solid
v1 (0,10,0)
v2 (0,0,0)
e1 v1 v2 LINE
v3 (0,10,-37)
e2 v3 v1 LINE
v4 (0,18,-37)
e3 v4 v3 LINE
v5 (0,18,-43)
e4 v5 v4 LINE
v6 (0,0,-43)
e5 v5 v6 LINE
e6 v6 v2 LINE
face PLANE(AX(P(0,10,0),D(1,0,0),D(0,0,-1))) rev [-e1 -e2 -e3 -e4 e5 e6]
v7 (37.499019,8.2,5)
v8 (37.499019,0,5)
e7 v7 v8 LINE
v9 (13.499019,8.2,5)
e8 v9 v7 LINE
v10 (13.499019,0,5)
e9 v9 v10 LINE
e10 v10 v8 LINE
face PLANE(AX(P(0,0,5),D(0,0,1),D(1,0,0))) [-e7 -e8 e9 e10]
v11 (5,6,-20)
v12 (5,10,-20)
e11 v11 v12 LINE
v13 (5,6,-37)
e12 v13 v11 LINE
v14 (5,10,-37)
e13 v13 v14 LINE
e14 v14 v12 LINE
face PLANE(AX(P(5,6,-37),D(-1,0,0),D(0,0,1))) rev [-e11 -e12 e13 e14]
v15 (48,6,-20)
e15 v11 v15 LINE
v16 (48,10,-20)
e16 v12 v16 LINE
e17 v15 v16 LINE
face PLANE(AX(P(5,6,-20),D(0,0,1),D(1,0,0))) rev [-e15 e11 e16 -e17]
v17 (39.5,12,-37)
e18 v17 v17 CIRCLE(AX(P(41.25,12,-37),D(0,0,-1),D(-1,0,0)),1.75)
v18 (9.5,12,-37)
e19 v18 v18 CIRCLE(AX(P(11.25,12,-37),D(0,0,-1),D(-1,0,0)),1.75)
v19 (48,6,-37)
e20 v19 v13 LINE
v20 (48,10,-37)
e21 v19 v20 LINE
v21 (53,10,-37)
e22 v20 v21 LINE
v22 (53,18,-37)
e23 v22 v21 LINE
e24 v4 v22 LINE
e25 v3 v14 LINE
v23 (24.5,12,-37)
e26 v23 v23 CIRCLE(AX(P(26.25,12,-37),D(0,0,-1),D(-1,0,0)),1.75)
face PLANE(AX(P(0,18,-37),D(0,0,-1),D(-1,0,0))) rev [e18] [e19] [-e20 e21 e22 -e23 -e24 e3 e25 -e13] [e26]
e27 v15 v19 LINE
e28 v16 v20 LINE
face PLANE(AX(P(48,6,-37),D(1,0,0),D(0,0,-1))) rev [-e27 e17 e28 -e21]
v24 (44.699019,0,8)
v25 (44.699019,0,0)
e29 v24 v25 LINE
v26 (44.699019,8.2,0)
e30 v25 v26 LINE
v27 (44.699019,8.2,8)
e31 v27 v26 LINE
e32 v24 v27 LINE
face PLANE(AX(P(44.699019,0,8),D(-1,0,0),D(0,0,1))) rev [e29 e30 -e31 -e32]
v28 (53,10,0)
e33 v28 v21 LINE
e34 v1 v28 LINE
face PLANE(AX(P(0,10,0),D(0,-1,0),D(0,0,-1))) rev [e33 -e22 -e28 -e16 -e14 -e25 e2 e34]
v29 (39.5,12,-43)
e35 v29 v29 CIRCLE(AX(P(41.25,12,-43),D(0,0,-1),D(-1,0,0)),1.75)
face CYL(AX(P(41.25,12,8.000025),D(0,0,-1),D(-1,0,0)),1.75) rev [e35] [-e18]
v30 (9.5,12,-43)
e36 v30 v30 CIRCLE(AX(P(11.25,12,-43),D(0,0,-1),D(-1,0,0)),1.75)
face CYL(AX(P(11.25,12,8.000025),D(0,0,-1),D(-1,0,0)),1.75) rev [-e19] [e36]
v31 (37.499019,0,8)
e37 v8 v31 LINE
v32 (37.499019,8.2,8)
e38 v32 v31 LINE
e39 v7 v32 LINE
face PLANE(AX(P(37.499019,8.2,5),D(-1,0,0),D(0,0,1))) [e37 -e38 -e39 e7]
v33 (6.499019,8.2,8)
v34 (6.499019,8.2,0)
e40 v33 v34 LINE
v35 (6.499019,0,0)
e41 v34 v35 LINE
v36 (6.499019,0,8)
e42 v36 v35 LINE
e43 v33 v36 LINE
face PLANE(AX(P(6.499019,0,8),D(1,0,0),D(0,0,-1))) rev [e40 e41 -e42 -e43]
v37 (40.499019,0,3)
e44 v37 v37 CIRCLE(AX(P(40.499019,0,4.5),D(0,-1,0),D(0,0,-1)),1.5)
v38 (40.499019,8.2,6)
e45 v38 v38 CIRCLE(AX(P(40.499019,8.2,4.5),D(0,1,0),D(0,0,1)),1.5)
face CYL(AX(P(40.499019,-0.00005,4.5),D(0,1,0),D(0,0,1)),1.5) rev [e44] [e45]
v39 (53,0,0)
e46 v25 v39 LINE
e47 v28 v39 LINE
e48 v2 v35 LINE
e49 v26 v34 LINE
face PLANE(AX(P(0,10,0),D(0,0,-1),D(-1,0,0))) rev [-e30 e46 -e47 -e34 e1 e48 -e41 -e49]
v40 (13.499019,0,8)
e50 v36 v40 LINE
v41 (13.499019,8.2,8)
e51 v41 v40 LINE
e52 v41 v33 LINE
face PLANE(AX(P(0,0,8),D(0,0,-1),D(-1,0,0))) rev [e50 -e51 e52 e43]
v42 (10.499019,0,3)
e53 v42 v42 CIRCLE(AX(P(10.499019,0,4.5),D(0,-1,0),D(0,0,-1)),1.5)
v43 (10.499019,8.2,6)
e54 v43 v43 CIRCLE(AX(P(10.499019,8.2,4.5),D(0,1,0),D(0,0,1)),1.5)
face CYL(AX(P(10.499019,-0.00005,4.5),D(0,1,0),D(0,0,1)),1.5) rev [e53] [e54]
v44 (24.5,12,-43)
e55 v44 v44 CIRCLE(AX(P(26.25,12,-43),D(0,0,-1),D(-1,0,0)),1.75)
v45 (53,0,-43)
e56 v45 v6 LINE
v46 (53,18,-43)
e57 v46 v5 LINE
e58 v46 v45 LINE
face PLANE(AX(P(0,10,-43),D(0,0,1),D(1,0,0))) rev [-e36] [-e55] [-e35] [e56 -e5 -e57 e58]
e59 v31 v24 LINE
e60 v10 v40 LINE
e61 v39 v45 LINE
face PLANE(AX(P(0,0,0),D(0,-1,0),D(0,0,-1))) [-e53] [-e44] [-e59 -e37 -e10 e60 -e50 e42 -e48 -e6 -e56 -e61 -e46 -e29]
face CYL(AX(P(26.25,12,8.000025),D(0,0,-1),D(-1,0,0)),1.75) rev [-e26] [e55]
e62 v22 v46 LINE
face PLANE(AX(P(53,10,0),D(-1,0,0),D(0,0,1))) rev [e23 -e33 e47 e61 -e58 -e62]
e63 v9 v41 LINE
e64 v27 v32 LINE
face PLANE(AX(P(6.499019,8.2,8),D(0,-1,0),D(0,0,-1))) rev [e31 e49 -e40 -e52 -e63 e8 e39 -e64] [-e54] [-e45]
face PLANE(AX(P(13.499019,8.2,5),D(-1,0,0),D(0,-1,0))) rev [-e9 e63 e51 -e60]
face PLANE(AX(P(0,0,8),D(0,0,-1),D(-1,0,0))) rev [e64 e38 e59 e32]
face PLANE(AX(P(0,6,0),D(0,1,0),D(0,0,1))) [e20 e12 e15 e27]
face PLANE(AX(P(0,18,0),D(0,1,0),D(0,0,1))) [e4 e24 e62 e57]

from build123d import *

# Parameters (mm, degrees)
SKETCH2_W           = 53
SKETCH2_H           = 43
BOSS_EXTRUDE1_DEPTH = 10
SKETCH3_W           = 38.2
SKETCH3_H           = 8.2
BOSS_EXTRUDE2_DEPTH = 8
SKETCH4_W           = 24
SKETCH4_H           = 8.2
CUT_EXTRUDE1_DEPTH  = 3
SKETCH5_R           = 1.5
CUT_EXTRUDE2_DEPTH  = 69.740381145
SKETCH6_W           = 53
SKETCH6_H           = 6
BOSS_EXTRUDE4_DEPTH = 8
SKETCH7_R           = 1.75
CUT_EXTRUDE3_DEPTH  = 76.723180071
SKETCH8_W           = 43
SKETCH8_H           = 17
CUT_EXTRUDE4_DEPTH  = 4


with BuildPart() as part:
    # Sketch2 → Boss-Extrude1 (new body)
    with BuildSketch(Plane(origin=(0, 0, 0), x_dir=(1, 0, 0), z_dir=(0, 1, 0))):
        with Locations((26.5, 21.5)):
            Rectangle(SKETCH2_W, SKETCH2_H)
    extrude(amount=BOSS_EXTRUDE1_DEPTH)

    # Sketch3 → Boss-Extrude2 (add)
    with BuildSketch(Plane.XY):
        with Locations((25.59901915, 4.1)):
            Rectangle(SKETCH3_W, SKETCH3_H)
    extrude(amount=BOSS_EXTRUDE2_DEPTH)

    # Sketch4 → Cut-Extrude1 (cut)
    with BuildSketch(Plane.XY.offset(8)):
        with Locations((25.49901915, 4.1)):
            Rectangle(SKETCH4_W, SKETCH4_H)
    extrude(amount=-CUT_EXTRUDE1_DEPTH, mode=Mode.SUBTRACT)

    # Sketch5 → Cut-Extrude2 (cut, through all)
    with BuildSketch(Plane(origin=(0, 8.2, 0), x_dir=(1, 0, 0), z_dir=(0, 1, 0))):
        with Locations(Location((40.49901915, -4.5, 0), (0, 0, 270))):
            Circle(SKETCH5_R)
        with Locations(Location((10.49901915, -4.5, 0), (0, 0, 270))):
            Circle(SKETCH5_R)
    extrude(amount=-CUT_EXTRUDE2_DEPTH, mode=Mode.SUBTRACT)

    # Sketch6 → Boss-Extrude4 (add)
    with BuildSketch(Plane(origin=(0, 10, 0), x_dir=(1, 0, 0), z_dir=(0, 1, 0))):
        with Locations((26.5, 40)):
            Rectangle(SKETCH6_W, SKETCH6_H)
    extrude(amount=BOSS_EXTRUDE4_DEPTH)

    # Sketch7 → Cut-Extrude3 (cut, through all)
    with BuildSketch(Plane(origin=(0, 0, -43), x_dir=(-1, 0, 0), z_dir=(0, 0, -1))):
        with Locations((-41.25, 12)):
            Circle(SKETCH7_R)
        with Locations((-26.25, 12)):
            Circle(SKETCH7_R)
        with Locations((-11.25, 12)):
            Circle(SKETCH7_R)
    extrude(amount=-CUT_EXTRUDE3_DEPTH, mode=Mode.SUBTRACT)

    # Sketch8 → Cut-Extrude4 (cut)
    with BuildSketch(Plane(origin=(0, 10, 0), x_dir=(1, 0, 0), z_dir=(0, 1, 0))):
        with Locations((26.5, 28.5)):
            Rectangle(SKETCH8_W, SKETCH8_H)
    extrude(amount=-CUT_EXTRUDE4_DEPTH, mode=Mode.SUBTRACT)


solid = part.part
